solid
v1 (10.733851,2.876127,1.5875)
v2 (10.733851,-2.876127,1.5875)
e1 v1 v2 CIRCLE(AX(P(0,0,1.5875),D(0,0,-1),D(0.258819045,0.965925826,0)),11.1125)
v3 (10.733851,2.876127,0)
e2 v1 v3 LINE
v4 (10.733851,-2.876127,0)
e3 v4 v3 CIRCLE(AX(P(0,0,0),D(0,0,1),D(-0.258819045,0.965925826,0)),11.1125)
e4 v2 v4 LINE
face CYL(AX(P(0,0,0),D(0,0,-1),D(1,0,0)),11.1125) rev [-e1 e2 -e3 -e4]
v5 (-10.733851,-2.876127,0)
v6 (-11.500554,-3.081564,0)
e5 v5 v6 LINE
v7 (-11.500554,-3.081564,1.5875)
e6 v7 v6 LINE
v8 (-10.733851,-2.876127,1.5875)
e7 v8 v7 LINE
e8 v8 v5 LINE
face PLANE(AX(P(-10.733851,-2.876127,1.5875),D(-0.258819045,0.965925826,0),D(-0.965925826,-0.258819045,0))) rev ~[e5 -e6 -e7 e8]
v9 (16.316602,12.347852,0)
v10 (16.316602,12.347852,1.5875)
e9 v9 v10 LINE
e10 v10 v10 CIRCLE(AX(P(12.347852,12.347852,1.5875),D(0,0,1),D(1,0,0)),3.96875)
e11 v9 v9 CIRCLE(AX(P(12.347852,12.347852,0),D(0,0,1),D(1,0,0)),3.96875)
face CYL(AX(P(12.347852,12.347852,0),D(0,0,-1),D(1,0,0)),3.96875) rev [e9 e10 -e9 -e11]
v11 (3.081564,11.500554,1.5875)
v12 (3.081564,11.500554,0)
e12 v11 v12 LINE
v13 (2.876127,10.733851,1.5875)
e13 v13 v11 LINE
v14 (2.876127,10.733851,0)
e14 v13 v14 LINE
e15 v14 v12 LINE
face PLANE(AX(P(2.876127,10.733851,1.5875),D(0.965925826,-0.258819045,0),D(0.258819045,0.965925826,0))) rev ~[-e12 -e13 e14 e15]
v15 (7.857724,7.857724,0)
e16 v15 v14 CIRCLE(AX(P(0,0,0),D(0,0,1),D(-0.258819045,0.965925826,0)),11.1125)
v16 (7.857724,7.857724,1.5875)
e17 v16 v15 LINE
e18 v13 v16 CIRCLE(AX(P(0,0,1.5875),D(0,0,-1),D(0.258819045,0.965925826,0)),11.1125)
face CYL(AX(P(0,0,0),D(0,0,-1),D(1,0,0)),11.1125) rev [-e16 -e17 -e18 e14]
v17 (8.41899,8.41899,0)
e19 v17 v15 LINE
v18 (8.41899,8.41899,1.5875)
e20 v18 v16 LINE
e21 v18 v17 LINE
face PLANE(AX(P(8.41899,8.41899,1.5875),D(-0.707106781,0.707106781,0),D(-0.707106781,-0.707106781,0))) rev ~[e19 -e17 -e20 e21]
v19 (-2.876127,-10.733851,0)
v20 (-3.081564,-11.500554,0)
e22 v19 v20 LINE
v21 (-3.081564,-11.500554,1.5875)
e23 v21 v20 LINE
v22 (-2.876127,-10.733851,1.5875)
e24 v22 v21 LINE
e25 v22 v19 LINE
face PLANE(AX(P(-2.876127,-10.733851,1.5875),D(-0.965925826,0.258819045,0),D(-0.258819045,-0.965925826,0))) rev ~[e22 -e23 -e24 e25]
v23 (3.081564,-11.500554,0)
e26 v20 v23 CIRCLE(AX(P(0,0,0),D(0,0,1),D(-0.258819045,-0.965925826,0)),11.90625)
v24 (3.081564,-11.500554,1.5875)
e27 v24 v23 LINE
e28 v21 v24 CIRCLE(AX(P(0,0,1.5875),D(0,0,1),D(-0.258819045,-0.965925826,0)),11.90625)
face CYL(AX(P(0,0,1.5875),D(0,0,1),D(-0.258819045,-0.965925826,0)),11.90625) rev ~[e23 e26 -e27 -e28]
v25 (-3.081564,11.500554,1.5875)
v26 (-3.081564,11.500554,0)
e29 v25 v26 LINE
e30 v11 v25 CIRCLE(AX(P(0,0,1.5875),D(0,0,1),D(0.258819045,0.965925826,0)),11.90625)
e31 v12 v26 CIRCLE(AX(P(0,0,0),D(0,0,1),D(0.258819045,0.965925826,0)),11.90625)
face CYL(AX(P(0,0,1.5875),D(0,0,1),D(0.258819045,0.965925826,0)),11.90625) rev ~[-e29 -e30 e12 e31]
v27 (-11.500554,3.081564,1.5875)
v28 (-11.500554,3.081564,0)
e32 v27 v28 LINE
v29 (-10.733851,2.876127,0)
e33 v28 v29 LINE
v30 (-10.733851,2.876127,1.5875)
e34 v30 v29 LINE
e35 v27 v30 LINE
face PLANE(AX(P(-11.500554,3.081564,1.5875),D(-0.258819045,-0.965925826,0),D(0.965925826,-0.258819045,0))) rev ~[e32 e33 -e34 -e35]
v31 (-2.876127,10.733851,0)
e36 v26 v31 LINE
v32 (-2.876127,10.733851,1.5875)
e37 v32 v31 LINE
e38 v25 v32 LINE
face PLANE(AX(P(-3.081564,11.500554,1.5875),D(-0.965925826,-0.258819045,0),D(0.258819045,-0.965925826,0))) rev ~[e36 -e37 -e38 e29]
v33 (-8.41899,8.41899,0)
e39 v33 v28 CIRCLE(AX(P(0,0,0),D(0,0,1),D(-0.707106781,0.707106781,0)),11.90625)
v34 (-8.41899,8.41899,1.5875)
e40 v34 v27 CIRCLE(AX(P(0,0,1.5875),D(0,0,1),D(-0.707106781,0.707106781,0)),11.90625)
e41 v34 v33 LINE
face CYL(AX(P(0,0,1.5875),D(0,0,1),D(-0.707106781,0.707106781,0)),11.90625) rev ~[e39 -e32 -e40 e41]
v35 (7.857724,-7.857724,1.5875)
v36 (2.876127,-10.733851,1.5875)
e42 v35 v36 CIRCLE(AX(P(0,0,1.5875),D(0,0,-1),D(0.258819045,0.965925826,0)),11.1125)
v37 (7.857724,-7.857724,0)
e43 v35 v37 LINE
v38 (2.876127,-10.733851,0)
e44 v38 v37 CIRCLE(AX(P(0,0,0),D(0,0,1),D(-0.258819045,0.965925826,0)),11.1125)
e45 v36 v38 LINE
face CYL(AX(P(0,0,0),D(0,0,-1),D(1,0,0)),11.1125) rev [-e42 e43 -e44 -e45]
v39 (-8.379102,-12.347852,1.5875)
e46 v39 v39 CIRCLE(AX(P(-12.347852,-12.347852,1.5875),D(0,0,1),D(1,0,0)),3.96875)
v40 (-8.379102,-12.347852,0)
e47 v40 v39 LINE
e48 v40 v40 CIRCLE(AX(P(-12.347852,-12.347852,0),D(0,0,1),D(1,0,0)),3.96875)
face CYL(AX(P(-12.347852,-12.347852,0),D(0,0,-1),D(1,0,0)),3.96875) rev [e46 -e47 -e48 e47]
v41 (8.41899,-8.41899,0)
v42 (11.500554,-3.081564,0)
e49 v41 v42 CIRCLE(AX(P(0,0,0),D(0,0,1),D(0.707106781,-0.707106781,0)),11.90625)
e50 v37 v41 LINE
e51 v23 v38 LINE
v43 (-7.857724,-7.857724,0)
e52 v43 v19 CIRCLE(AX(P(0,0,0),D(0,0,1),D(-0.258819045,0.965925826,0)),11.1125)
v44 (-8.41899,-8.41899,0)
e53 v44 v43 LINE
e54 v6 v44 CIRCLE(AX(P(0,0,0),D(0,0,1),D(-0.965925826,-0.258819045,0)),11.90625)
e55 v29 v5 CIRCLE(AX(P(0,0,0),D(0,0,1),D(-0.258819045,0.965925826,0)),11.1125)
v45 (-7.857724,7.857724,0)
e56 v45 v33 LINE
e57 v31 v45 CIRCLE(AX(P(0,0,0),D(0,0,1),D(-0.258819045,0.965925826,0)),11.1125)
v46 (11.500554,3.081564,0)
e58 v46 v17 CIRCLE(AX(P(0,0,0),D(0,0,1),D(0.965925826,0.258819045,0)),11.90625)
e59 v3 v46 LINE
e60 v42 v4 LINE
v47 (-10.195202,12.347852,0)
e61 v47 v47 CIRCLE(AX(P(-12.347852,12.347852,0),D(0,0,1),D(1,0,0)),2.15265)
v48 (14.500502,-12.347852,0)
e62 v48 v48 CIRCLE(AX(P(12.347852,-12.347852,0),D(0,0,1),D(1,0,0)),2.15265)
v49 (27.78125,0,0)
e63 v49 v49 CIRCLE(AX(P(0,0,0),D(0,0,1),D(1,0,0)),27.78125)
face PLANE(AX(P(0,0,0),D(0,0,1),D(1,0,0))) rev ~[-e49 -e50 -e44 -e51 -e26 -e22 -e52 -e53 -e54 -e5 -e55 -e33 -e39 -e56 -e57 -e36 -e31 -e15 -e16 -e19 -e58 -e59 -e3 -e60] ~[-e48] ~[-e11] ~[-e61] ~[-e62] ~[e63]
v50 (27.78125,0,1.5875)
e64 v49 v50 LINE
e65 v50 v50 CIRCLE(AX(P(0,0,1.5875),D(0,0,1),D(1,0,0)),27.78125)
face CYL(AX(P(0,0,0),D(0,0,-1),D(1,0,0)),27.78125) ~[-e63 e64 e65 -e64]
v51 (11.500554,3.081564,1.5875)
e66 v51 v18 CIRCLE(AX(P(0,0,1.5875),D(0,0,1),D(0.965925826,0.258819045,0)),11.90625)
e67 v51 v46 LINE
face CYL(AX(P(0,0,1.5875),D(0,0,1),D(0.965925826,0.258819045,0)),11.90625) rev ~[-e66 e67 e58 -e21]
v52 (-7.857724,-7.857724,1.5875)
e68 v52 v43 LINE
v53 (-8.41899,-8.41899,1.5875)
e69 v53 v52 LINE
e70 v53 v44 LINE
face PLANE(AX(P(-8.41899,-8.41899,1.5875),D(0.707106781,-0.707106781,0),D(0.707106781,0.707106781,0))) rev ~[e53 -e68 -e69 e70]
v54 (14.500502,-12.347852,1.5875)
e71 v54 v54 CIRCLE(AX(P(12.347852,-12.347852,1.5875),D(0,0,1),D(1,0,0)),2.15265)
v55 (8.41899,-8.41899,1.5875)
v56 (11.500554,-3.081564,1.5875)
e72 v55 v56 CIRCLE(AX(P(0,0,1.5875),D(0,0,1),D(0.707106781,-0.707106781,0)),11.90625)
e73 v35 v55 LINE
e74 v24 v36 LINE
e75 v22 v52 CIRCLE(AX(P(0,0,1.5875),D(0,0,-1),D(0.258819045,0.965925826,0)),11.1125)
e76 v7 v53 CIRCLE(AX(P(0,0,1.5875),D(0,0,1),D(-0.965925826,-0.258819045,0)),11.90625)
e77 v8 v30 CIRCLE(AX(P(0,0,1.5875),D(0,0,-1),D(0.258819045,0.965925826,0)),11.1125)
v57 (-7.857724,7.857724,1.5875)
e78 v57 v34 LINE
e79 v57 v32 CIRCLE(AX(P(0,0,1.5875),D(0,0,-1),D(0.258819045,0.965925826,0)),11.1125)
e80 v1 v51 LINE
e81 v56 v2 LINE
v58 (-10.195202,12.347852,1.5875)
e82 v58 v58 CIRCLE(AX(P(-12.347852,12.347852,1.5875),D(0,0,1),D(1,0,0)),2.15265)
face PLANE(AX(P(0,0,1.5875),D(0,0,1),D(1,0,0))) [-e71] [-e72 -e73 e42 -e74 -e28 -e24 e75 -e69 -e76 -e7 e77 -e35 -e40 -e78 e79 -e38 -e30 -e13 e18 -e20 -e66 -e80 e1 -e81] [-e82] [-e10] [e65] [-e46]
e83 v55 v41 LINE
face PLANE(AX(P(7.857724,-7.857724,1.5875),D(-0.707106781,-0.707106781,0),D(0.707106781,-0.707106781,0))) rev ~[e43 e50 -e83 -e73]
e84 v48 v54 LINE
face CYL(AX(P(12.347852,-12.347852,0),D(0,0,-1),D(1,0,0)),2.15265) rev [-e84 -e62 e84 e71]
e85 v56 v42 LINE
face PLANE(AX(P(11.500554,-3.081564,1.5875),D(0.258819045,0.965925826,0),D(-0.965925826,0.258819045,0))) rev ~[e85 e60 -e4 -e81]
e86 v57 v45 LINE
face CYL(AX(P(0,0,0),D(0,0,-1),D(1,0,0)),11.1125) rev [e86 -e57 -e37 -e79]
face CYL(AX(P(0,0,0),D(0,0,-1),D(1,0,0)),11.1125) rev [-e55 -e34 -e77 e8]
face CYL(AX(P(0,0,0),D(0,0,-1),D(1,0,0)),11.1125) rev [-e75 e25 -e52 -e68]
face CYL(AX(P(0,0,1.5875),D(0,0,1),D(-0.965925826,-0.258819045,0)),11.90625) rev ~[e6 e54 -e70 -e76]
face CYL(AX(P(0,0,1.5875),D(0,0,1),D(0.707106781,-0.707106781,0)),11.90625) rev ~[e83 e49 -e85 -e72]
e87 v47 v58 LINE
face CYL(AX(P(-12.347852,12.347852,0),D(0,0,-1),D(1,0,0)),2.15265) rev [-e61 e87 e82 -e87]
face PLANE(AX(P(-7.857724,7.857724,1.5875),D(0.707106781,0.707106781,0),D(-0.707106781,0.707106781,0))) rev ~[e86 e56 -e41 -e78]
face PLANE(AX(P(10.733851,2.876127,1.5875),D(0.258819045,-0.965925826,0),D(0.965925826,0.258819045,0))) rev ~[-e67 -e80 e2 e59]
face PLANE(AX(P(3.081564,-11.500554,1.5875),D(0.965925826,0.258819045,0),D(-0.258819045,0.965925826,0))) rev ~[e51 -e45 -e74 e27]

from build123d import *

# Parameters (mm, degrees)
F0_R     = 27.78125
F0_R_2   = 3.96875
F0_R_3   = 2.15265
F0_R_4   = 11.1125
F1_DEPTH = 1.5875
F3_DEPTH = 1.5875
F4_COUNT = 6
F4_ANGLE = 300


with BuildPart() as f1:
    # F0 (on Top) → F1 (new body)
    with BuildSketch(Plane.XY):
        Circle(F0_R)
        with Locations((-12.3478521665, -12.3478521665)):
            Circle(F0_R_2, mode=Mode.SUBTRACT)
        with Locations((12.3478521665, -12.3478521665)):
            Circle(F0_R_3, mode=Mode.SUBTRACT)
        with Locations((-12.3478521665, 12.3478521665)):
            Circle(F0_R_3, mode=Mode.SUBTRACT)
        Circle(F0_R_4, mode=Mode.SUBTRACT)
        with Locations((12.3478521665, 12.3478521665)):
            Circle(F0_R_2, mode=Mode.SUBTRACT)
    extrude(amount=F1_DEPTH)

    # F2 (on face) → F3 (cut, through all)
    with BuildSketch(Plane.XY.offset(1.5875)):
        with BuildLine():
            Line((-3.0815642558, 11.5005543693), (-2.8761266387, 10.7338507446))
            ThreePointArc((-2.8761266387, 10.7338507446), (0, 11.1125), (2.8761266387, 10.7338507446))
            Line((2.8761266387, 10.7338507446), (3.0815642558, 11.5005543693))
            ThreePointArc((3.0815642558, 11.5005543693), (0, 11.90625), (-3.0815642558, 11.5005543693))
        make_face()
    f3 = extrude(amount=-F3_DEPTH, mode=Mode.SUBTRACT)

    # F4: F3 ×6 about axis
    f4_axis = Axis((0, 0, 0), (0, 0, -1))
    for i in range(1, F4_COUNT):
        add(f3.rotate(f4_axis, i * F4_ANGLE / (F4_COUNT - 1)), mode=Mode.SUBTRACT)


solid = f1.part
